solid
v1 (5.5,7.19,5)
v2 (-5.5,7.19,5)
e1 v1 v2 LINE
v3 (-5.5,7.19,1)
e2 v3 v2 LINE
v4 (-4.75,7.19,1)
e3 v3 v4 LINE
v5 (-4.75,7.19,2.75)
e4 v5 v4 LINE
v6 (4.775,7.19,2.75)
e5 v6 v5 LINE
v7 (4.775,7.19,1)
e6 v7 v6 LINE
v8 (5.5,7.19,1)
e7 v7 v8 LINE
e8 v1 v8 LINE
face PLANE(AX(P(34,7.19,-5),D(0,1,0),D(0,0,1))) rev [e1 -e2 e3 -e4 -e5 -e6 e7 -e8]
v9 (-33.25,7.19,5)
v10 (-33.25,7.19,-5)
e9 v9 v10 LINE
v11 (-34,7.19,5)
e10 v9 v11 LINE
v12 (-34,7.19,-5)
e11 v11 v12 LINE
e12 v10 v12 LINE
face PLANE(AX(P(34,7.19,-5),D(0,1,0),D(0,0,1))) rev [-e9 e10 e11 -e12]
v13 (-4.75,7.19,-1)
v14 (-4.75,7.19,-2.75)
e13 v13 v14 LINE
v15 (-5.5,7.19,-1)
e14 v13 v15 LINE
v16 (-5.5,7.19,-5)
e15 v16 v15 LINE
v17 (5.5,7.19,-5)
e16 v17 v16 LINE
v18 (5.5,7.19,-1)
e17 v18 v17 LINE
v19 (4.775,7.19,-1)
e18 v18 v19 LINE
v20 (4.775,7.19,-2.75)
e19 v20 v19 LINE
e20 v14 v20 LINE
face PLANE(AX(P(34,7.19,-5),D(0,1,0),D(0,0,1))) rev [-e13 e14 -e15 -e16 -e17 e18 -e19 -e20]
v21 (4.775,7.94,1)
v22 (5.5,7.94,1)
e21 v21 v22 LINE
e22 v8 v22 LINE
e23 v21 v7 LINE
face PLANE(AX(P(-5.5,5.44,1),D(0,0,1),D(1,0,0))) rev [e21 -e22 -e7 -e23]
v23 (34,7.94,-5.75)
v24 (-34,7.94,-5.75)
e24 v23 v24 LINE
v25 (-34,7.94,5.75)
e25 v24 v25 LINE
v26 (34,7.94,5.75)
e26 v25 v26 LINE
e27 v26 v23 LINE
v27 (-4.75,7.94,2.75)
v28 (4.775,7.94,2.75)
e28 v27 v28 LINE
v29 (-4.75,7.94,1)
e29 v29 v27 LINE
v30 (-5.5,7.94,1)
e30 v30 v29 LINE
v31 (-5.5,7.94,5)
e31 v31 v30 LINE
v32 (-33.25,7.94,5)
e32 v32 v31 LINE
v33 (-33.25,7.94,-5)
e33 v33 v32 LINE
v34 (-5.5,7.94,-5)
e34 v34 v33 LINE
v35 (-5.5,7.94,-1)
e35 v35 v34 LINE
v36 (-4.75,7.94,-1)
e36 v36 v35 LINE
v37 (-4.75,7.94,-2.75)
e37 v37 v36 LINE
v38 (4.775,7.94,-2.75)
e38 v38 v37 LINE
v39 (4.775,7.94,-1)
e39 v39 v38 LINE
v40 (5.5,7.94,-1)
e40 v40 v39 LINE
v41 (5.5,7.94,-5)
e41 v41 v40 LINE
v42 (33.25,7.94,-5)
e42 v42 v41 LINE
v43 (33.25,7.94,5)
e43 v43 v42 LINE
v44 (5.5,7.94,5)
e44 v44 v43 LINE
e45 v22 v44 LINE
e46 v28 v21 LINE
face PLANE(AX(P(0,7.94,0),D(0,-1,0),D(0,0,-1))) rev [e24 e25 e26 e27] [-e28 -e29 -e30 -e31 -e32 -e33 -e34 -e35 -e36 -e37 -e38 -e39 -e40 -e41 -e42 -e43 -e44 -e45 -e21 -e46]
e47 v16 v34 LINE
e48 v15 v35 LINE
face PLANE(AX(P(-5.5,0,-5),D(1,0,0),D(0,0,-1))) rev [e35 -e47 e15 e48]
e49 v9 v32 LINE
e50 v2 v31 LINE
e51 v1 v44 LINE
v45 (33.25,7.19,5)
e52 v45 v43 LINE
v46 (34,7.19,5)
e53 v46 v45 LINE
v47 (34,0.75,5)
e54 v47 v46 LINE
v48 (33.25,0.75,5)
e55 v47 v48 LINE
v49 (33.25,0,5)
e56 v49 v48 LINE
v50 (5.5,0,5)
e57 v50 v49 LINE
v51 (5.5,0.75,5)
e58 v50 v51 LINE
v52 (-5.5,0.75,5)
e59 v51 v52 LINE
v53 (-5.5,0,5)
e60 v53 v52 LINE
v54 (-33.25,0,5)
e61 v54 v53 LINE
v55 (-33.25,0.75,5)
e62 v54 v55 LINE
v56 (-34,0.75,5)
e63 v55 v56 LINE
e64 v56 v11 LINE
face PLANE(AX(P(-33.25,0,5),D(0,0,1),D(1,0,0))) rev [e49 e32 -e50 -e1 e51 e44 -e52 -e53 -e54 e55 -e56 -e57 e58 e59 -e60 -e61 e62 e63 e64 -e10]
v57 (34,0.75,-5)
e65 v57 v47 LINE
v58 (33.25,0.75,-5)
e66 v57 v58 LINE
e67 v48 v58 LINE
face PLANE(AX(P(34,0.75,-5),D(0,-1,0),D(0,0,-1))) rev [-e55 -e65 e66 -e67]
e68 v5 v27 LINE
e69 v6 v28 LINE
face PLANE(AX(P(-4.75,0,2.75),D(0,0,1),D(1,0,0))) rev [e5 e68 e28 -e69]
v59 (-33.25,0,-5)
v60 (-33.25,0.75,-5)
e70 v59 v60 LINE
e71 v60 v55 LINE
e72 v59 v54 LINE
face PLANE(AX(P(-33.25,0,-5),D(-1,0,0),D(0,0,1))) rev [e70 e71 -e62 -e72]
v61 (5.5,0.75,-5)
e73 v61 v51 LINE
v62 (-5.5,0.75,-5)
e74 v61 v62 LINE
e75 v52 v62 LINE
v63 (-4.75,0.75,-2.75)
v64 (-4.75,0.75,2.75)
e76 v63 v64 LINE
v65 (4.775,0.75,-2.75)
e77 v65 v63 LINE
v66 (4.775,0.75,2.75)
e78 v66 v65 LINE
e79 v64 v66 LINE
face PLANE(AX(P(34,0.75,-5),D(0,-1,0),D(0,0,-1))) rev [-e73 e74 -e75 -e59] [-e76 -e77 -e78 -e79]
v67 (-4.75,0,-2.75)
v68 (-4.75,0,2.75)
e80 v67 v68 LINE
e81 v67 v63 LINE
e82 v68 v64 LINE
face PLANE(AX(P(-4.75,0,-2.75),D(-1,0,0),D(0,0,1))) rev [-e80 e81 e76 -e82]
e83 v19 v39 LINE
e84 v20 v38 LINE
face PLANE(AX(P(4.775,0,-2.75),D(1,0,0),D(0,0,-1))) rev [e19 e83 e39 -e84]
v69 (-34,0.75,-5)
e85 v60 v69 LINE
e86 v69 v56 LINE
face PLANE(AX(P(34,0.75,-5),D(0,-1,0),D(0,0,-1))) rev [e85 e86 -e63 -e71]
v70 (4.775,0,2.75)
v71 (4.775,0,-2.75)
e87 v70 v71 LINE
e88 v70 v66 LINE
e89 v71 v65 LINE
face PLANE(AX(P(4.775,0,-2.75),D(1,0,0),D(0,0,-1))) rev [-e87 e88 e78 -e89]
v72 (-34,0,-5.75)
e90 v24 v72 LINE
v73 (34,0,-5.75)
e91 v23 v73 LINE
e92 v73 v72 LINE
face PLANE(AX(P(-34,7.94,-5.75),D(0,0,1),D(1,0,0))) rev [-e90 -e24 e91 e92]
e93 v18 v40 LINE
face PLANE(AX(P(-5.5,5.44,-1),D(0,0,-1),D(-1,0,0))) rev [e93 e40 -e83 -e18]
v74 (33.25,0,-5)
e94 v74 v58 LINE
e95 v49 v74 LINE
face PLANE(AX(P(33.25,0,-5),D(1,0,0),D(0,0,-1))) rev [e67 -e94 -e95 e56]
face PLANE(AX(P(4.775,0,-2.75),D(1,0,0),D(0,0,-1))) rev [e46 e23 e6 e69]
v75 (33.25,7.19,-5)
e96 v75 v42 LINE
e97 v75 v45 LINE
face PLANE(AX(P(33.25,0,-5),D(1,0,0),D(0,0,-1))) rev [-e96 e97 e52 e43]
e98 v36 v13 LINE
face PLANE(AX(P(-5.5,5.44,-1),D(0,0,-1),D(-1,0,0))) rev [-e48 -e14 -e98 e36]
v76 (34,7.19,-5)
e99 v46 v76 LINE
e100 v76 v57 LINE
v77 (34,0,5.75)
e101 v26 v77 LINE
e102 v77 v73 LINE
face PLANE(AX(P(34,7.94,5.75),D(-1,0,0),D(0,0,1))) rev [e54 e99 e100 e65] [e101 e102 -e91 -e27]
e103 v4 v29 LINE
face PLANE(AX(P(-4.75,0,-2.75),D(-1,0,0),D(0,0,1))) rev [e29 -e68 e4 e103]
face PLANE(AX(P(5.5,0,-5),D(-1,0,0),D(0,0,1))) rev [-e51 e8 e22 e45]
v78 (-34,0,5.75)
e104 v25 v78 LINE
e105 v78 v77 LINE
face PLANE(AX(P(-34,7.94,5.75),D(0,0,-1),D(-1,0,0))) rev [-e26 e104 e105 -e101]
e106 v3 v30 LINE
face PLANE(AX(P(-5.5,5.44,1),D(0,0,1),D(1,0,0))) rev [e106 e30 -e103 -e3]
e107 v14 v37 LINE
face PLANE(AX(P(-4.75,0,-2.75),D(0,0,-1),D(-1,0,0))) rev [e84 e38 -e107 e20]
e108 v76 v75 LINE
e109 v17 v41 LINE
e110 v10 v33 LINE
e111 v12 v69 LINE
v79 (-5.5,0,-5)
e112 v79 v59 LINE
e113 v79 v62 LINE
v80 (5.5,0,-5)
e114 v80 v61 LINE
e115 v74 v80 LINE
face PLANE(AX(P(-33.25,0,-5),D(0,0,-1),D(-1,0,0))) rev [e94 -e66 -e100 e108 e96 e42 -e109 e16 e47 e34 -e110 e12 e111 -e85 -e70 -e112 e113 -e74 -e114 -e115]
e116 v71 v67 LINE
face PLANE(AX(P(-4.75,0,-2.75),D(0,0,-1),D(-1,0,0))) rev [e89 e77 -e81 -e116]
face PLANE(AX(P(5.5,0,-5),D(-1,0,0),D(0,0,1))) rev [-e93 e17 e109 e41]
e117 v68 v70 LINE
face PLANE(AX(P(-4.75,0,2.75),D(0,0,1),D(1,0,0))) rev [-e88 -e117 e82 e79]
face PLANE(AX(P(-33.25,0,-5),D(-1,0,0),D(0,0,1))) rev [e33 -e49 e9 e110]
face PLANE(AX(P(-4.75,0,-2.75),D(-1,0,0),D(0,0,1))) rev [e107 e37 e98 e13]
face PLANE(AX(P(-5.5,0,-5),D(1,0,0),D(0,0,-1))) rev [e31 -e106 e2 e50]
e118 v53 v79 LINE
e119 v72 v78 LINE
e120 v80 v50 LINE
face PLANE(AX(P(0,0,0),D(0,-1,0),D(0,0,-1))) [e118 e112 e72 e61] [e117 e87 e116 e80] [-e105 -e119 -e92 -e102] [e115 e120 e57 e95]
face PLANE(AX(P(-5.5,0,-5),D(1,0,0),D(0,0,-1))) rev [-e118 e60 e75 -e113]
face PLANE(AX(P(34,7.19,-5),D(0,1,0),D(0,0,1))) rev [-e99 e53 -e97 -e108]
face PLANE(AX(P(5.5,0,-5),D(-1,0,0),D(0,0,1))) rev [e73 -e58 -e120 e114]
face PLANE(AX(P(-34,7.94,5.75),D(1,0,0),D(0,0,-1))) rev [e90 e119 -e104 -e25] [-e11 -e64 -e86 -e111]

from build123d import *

# Parameters (mm, degrees)
SKETCH1_W           = 68
SKETCH1_H           = 11.5
BOSS_EXTRUDE1_DEPTH = 7.94
SKETCH2_W           = 27.75
SKETCH2_H           = 10
SKETCH2_W_2         = 9.525
SKETCH2_H_2         = 5.5
CUT_EXTRUDE1_DEPTH  = 36.385111276
SKETCH3_W           = 10
SKETCH3_H           = 6.44
CUT_EXTRUDE2_DEPTH  = 69.703028318
SKETCH4_W           = 11
SKETCH4_H           = 2
CUT_EXTRUDE3_DEPTH  = 2.5


with BuildPart() as part:
    # Sketch1 → Boss-Extrude1 (new body)
    with BuildSketch(Plane(origin=(0, 0, 0), x_dir=(1, 0, 0), z_dir=(0, 1, 0))):
        Rectangle(SKETCH1_W, SKETCH1_H)
    extrude(amount=BOSS_EXTRUDE1_DEPTH)

    # Sketch2 → Cut-Extrude1 (cut, through all)
    with BuildSketch(Plane(origin=(0, 7.94, 0), x_dir=(1, 0, 0), z_dir=(0, 1, 0))):
        with Locations((-19.375, 0)):
            Rectangle(SKETCH2_W, SKETCH2_H)
        with Locations((19.375, 0)):
            Rectangle(SKETCH2_W, SKETCH2_H)
        with Locations((0.0125, 0)):
            Rectangle(SKETCH2_W_2, SKETCH2_H_2)
    extrude(amount=-CUT_EXTRUDE1_DEPTH, mode=Mode.SUBTRACT)

    # Sketch3 → Cut-Extrude2 (cut, through all)
    with BuildSketch(Plane.ZY.offset(34)):
        with Locations((0, 3.97)):
            Rectangle(SKETCH3_W, SKETCH3_H)
    extrude(amount=-CUT_EXTRUDE2_DEPTH, mode=Mode.SUBTRACT)

    # Sketch4 → Cut-Extrude3 (cut)
    with BuildSketch(Plane(origin=(0, 7.94, 0), x_dir=(1, 0, 0), z_dir=(0, 1, 0))):
        Rectangle(SKETCH4_W, SKETCH4_H)
    extrude(amount=-CUT_EXTRUDE3_DEPTH, mode=Mode.SUBTRACT)


solid = part.part
